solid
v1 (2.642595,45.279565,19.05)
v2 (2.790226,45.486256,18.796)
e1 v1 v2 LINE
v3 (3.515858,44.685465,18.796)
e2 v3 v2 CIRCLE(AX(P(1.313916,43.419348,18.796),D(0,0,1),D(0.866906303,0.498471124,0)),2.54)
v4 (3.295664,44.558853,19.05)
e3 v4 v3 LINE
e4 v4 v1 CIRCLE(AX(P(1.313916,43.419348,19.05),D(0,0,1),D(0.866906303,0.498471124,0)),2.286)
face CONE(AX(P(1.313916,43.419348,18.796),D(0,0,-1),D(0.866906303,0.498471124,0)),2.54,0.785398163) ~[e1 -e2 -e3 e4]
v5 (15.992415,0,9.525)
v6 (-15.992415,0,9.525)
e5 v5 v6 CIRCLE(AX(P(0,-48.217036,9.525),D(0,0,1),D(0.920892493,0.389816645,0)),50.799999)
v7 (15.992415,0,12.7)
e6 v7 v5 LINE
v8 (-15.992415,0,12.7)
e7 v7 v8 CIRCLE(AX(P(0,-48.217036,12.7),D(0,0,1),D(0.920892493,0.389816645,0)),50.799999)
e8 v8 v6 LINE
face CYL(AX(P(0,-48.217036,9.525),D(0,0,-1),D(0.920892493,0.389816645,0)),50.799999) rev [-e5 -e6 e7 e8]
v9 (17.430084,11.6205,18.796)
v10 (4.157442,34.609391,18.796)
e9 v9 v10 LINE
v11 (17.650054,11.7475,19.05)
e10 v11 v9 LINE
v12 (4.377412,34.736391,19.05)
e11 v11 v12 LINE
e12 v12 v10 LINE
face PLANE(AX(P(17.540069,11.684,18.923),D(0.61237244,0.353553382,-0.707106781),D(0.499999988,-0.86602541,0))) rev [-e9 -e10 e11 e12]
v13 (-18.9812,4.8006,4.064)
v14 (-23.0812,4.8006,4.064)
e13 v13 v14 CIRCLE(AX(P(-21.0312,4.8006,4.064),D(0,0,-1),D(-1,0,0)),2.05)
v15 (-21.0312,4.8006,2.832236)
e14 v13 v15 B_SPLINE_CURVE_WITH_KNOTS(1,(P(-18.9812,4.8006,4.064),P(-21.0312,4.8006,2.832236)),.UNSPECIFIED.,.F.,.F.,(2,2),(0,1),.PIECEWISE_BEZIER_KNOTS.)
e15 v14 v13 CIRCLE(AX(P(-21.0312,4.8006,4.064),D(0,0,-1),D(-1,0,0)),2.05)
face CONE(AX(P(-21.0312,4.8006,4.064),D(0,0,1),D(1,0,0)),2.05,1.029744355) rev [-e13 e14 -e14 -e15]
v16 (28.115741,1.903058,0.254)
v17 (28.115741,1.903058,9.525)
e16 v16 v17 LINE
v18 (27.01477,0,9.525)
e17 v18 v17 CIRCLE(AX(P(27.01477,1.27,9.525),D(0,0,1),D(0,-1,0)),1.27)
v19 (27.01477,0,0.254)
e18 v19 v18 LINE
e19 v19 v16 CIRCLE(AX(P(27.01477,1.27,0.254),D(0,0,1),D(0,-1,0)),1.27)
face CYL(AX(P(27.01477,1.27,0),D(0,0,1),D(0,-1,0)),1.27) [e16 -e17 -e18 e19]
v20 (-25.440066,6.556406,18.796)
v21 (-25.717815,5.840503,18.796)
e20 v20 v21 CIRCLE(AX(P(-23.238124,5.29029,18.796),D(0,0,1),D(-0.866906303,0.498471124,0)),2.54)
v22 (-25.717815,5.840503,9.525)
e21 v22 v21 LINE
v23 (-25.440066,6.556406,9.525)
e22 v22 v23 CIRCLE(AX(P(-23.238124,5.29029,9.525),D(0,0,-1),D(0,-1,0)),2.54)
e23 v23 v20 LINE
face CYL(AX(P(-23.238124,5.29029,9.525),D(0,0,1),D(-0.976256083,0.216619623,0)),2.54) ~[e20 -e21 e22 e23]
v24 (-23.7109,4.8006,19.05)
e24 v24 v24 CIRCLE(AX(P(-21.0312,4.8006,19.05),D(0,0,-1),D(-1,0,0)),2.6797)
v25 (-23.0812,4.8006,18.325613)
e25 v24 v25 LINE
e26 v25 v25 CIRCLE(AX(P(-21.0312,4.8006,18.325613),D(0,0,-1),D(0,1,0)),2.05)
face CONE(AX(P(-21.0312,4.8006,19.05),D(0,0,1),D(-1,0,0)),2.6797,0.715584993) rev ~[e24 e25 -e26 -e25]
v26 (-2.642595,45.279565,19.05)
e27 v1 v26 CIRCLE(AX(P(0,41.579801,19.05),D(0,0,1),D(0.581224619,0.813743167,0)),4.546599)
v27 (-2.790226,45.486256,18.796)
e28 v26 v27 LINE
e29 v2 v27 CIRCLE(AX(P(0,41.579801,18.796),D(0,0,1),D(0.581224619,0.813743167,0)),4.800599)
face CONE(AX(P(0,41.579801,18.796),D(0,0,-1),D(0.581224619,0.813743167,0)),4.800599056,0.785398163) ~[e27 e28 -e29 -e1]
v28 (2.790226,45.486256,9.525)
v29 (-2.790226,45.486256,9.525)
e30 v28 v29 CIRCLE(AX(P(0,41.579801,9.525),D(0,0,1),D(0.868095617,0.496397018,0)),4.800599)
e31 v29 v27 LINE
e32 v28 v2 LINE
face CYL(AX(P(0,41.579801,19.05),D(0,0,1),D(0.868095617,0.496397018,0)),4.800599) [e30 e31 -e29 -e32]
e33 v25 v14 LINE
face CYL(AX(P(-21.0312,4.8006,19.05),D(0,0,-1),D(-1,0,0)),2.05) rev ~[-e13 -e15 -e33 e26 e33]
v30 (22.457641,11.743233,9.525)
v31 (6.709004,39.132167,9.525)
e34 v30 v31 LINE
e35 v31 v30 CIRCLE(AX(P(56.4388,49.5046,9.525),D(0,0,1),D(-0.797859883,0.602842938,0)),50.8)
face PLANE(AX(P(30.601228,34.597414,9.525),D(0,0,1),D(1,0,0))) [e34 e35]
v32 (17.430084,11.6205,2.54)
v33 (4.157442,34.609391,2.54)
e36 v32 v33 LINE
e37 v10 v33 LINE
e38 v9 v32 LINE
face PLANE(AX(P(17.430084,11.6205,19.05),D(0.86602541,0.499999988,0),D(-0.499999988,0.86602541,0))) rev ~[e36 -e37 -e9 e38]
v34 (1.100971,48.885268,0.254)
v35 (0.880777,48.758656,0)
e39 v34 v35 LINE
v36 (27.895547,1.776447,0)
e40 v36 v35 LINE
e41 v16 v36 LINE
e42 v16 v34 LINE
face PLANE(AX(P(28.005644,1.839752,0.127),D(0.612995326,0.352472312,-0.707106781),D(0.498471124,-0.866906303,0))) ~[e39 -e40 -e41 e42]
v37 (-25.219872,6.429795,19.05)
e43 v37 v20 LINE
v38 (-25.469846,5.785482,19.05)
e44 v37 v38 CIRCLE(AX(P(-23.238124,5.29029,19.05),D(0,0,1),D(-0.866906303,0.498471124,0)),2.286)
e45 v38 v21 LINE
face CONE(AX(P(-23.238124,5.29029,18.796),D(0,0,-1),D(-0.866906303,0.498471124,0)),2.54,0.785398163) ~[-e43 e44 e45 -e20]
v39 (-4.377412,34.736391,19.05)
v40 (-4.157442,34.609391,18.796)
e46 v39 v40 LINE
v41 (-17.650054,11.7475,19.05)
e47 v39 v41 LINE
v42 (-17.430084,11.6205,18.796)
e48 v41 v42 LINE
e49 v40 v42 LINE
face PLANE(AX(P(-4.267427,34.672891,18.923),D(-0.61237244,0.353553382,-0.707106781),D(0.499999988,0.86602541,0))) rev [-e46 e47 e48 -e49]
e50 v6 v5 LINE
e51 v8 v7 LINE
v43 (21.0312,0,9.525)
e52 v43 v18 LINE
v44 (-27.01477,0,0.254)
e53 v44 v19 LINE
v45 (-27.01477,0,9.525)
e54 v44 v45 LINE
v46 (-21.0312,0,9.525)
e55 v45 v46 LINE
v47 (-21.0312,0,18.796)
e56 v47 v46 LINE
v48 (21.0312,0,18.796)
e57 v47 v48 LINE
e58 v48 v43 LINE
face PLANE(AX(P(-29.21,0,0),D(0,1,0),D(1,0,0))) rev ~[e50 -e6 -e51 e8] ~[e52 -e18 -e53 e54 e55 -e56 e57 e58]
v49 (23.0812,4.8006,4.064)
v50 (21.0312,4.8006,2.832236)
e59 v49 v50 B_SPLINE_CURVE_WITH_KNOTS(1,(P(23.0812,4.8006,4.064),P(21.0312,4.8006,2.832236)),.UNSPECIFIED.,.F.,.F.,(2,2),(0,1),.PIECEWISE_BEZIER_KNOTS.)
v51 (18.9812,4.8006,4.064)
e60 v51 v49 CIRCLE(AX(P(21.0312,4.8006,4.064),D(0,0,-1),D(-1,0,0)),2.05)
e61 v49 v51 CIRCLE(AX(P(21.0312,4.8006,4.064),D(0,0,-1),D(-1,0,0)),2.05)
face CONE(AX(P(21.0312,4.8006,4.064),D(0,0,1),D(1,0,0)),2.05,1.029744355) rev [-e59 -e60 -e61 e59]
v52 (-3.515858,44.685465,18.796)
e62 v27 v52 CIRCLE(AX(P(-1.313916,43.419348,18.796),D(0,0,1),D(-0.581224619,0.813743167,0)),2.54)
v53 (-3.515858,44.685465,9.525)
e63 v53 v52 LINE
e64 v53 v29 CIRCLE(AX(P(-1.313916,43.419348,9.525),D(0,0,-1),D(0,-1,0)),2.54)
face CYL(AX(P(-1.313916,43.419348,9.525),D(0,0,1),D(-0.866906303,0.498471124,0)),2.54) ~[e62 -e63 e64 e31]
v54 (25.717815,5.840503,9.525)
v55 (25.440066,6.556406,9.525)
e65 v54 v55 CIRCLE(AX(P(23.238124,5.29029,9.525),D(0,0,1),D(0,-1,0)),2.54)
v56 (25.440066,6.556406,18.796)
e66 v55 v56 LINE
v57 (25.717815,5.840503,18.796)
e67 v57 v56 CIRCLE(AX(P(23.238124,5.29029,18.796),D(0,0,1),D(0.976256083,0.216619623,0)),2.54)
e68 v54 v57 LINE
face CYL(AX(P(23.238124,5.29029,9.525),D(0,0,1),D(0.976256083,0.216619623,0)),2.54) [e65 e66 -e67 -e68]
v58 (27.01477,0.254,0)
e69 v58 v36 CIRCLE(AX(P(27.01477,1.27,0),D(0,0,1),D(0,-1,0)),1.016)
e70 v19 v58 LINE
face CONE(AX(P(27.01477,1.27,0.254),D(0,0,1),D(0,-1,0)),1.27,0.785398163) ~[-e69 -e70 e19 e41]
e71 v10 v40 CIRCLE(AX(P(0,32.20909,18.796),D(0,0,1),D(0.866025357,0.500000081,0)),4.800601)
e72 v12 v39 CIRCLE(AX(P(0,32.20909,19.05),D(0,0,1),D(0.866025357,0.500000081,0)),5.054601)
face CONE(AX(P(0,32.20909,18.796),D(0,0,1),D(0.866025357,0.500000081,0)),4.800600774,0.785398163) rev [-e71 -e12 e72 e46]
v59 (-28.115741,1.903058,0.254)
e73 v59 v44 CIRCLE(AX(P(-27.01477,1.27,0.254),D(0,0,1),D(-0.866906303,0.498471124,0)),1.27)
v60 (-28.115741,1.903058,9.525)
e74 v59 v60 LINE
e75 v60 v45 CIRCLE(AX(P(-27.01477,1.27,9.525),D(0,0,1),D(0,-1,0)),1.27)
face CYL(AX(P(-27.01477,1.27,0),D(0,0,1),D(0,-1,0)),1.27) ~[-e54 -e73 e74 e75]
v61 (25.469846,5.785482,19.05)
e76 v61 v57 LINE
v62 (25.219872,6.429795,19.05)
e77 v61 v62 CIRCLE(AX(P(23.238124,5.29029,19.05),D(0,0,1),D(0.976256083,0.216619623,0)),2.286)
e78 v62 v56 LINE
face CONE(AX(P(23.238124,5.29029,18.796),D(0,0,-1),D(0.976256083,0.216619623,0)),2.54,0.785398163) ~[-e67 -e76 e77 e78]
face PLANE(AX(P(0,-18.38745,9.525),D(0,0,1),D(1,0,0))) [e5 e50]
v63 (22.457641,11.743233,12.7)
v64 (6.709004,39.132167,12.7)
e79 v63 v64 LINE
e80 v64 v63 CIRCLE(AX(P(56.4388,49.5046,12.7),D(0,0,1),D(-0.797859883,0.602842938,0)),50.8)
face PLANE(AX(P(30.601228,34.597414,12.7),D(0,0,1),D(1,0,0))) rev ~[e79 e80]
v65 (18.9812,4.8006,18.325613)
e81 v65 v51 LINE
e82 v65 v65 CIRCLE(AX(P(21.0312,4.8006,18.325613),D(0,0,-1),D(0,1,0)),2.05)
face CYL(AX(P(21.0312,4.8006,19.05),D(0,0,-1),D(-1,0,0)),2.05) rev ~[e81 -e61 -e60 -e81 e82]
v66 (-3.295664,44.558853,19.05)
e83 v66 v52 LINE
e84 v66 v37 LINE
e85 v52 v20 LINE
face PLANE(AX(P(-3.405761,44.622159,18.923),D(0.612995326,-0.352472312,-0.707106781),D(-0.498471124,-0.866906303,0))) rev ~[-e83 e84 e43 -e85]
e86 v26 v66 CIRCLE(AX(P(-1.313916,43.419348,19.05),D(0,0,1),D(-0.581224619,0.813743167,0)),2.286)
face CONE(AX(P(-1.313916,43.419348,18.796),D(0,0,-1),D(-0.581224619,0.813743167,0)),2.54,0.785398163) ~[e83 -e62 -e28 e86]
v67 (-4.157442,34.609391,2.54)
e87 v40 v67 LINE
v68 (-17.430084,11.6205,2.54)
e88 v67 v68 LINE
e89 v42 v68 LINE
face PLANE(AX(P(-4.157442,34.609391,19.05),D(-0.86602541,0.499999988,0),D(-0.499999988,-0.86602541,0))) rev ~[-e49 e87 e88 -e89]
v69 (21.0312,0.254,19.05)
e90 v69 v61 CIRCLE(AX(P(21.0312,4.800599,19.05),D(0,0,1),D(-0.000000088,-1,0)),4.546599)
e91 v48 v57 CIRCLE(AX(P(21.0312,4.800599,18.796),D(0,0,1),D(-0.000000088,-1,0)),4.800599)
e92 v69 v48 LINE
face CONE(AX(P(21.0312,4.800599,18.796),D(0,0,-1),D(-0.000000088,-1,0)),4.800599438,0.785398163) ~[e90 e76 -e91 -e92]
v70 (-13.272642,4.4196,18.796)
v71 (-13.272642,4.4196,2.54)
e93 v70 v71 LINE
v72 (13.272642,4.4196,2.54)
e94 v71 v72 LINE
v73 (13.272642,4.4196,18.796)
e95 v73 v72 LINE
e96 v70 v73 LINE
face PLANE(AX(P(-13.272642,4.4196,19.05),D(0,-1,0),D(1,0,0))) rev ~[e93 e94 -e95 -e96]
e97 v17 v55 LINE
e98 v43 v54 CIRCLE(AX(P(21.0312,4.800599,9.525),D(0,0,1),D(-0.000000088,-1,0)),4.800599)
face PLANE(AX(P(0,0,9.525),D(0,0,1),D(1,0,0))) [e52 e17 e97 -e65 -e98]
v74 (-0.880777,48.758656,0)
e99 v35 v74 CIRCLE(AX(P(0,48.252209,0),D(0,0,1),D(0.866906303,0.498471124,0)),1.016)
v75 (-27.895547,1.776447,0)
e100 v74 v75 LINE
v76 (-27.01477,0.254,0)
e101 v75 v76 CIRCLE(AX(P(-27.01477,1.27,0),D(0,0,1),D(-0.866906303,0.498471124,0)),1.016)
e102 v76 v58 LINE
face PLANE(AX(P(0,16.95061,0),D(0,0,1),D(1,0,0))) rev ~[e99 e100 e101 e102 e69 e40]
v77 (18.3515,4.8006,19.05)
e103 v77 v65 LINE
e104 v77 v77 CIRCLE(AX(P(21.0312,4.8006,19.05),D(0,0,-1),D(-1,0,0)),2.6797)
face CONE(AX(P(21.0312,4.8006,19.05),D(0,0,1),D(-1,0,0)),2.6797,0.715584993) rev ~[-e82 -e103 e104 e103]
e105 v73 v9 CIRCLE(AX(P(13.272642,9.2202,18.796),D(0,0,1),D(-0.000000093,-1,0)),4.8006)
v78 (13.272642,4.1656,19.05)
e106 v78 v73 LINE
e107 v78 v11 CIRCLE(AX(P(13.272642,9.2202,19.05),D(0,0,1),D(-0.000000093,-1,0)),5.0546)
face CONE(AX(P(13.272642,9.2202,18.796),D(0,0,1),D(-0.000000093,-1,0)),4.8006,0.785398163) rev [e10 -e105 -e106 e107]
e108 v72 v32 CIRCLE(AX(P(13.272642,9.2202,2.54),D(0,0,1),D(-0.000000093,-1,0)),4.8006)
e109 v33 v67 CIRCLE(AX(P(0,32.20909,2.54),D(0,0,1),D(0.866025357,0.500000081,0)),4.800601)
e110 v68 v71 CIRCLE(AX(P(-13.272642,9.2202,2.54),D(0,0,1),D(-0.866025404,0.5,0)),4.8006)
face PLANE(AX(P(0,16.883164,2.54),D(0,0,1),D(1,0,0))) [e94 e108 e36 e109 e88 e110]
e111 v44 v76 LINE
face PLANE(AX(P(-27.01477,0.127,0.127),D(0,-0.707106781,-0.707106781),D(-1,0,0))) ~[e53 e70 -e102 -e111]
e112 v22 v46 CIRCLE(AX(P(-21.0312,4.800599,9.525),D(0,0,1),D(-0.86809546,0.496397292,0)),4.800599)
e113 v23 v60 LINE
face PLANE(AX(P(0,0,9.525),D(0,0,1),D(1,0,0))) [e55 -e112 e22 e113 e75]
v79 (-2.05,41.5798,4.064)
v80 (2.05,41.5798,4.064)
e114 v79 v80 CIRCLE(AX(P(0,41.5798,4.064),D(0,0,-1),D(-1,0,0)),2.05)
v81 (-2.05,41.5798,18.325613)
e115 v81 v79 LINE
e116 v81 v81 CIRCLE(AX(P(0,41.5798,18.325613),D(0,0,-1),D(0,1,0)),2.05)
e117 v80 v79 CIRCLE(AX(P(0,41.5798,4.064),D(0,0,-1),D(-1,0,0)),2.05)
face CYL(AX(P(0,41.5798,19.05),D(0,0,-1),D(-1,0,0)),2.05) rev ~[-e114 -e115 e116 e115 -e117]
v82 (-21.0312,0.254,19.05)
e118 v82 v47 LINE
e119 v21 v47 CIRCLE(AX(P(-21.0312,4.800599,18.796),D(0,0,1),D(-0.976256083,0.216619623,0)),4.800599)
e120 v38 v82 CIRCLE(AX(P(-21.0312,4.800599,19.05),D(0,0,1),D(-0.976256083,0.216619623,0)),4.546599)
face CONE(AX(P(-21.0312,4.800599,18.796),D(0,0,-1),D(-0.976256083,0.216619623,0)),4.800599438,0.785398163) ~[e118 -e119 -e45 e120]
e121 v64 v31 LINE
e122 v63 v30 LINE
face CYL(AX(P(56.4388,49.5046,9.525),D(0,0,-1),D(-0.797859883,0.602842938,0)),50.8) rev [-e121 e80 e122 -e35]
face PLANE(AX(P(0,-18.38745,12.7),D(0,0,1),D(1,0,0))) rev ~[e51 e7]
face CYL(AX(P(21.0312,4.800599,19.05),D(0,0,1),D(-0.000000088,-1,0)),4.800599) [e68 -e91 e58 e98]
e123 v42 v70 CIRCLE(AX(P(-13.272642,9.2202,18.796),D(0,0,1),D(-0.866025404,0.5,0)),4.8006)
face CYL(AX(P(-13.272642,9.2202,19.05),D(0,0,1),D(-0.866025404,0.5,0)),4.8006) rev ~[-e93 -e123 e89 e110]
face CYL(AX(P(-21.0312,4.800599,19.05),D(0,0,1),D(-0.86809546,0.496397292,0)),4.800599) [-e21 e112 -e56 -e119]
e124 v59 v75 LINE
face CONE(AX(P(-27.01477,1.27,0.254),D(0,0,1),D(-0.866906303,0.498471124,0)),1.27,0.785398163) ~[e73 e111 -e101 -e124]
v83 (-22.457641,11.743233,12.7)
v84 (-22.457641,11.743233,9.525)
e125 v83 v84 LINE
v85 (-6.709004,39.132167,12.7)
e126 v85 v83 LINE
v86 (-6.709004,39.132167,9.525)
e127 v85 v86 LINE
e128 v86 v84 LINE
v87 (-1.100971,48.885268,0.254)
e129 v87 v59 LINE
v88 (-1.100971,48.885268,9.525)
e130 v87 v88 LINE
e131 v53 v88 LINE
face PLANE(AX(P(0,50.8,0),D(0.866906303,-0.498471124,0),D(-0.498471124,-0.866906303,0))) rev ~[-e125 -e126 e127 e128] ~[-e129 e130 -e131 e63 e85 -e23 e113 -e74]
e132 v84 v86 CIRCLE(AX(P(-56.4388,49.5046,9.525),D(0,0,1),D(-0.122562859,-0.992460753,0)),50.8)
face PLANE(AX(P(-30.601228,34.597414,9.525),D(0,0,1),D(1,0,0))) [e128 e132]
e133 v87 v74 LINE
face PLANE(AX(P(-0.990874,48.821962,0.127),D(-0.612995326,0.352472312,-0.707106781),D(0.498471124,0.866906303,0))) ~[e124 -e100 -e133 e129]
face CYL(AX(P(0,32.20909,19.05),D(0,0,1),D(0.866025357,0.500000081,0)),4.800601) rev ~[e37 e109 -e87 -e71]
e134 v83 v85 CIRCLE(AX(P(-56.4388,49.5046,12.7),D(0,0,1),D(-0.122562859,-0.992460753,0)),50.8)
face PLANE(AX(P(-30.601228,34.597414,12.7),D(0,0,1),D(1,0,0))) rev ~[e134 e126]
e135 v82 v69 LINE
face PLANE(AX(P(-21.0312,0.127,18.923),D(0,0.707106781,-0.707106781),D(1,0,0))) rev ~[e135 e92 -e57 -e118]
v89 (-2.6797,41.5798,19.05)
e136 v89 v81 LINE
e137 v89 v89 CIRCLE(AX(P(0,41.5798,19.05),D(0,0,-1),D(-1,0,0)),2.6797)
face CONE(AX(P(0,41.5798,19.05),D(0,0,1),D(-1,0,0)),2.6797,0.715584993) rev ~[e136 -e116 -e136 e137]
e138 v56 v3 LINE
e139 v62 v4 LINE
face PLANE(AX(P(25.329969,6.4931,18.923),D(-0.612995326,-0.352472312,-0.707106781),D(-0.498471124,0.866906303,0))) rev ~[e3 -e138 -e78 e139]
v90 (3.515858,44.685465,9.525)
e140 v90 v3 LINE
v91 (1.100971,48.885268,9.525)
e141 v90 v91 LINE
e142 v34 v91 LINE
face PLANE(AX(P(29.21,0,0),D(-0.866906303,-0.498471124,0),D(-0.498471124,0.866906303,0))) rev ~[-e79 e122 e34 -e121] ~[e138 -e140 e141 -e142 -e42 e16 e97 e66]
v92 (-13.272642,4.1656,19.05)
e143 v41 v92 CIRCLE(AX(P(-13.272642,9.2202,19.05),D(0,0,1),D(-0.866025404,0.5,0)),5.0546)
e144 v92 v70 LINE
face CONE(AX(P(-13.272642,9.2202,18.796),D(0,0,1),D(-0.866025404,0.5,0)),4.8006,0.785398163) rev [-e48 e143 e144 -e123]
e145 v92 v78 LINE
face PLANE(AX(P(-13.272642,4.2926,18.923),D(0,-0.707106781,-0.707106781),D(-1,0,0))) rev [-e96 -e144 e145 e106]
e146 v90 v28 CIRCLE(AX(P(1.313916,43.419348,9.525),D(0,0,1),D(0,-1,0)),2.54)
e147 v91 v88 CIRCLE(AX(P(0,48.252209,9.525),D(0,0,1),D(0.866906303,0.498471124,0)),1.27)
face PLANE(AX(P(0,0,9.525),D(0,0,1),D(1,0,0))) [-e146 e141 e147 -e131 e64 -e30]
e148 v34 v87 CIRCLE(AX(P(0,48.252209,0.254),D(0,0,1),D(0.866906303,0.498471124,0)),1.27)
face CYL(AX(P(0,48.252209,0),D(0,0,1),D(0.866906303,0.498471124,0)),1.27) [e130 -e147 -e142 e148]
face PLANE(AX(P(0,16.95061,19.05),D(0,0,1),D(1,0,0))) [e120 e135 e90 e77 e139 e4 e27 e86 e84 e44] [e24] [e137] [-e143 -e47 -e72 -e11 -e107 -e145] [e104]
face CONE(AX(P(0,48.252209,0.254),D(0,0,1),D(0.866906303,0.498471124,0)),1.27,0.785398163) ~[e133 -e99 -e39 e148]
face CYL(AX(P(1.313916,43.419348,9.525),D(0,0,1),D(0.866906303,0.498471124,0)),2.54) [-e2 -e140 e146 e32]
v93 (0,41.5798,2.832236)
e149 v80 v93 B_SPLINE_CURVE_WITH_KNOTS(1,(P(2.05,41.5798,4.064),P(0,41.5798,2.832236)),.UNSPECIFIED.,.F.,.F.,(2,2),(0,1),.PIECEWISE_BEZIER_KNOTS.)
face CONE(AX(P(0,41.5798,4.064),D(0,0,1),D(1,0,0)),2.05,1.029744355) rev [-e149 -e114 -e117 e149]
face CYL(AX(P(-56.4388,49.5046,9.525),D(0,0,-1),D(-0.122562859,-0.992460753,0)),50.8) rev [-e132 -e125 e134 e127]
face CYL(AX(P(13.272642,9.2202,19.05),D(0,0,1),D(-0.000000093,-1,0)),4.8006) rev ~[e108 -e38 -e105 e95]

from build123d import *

# Parameters (mm, degrees)
PAD_DEPTH        = 19.05
FILLET_R         = 1.27
HOLE_D           = 4.1
HOLE_DEPTH       = 14.986
HOLE_CSINK_D     = 5.3594
HOLE_CSINK_ANGLE = 82
HOLE_TIPS_R      = 2.05
SKETCH002_R      = 63.5
POCKET_DEPTH     = 9.525
POCKET001_DEPTH  = 3.175
POCKET002_DEPTH  = 16.51
FILLET001_R      = 2.54
CHAMFER_SIZE     = 0.254


with BuildPart() as part:
    # Sketch → Pad (new body)
    with BuildSketch(Plane.XY):
        Polygon((-29.21, 0), (29.21, 0), (0, 50.8), align=None)
    extrude(amount=PAD_DEPTH)

    # Fillet
    fillet_edges = [part.edges().sort_by_distance(p)[0] for p in [
        (-29.21, 0, 9.525),
        (29.21, 0, 9.525),
        (0, 50.8, 9.525),
    ]]
    fillet(fillet_edges, radius=FILLET_R)

    # Hole
    with Locations(Plane.XY.offset(19.05)):
        with Locations((0, 41.5798), (21.0312, 4.8006), (-21.0312, 4.8006)):
            CounterSinkHole(HOLE_D / 2, HOLE_CSINK_D / 2, depth=HOLE_DEPTH, counter_sink_angle=HOLE_CSINK_ANGLE)

    # Hole tips → Hole tip 1 section 0
    with BuildSketch(Plane.XY.offset(4.064), mode=Mode.PRIVATE) as hole_tip_1_s0:
        with Locations((0, 41.5798)):
            Circle(HOLE_TIPS_R)
    loft([hole_tip_1_s0.sketch, Vertex(0, 41.5798, 2.832236)], mode=Mode.SUBTRACT)

    # Hole tips → Hole tip 2 section 0
    with BuildSketch(Plane.XY.offset(4.064), mode=Mode.PRIVATE) as hole_tip_2_s0:
        with Locations((21.0312, 4.8006)):
            Circle(HOLE_TIPS_R)
    loft([hole_tip_2_s0.sketch, Vertex(21.0312, 4.8006, 2.832236)], mode=Mode.SUBTRACT)

    # Hole tips → Hole tip 3 section 0
    with BuildSketch(Plane.XY.offset(4.064), mode=Mode.PRIVATE) as hole_tip_3_s0:
        with Locations((-21.0312, 4.8006)):
            Circle(HOLE_TIPS_R)
    loft([hole_tip_3_s0.sketch, Vertex(-21.0312, 4.8006, 2.832236)], mode=Mode.SUBTRACT)

    # Sketch002 (on Face5 of Hole) → Pocket (cut)
    with BuildSketch(Plane.XY.offset(19.05)):
        Circle(SKETCH002_R)
        with BuildLine():
            Line((-25.198579, 7.183604), (-4.167379, 43.962804))
            ThreePointArc((4.167379, 43.962804), (0, 46.3804), (-4.167379, 43.962804))
            Line((4.167379, 43.962804), (25.198579, 7.183604))
            ThreePointArc((21.0312, 0), (25.183646, 2.391668), (25.198579, 7.183604))
            Line((21.0312, 0), (-21.0312, 0))
            ThreePointArc((-25.198579, 7.183604), (-25.183646, 2.391668), (-21.0312, 0))
        make_face(mode=Mode.SUBTRACT)
    extrude(amount=-POCKET_DEPTH, mode=Mode.SUBTRACT)

    # Sketch003 (on Face13 of Pocket) → Pocket001 (cut)
    with BuildSketch(Plane.XY.offset(9.525)):
        with BuildLine():
            ThreePointArc((-62.664993, -0.912406), (-12.437232, 24.117556), (-15.907518, 80.129021))
            Line((-15.907518, 80.129021), (-62.664993, -0.912406))
        make_face()
        with BuildLine():
            ThreePointArc((15.907518, 80.129021), (12.437232, 24.117556), (62.664993, -0.912406))
            Line((15.907518, 80.129021), (62.664993, -0.912406))
        make_face()
        with BuildLine():
            ThreePointArc((46.781338, -28.414351), (0, 2.582963), (-46.781338, -28.414351))
            Line((46.781338, -28.414351), (-46.781338, -28.414351))
        make_face()
    extrude(amount=POCKET001_DEPTH, mode=Mode.SUBTRACT)

    # Sketch004 (on Face6 of Pocket001) → Pocket002 (cut)
    with BuildSketch(Plane.XY.offset(19.05)):
        with BuildLine():
            Line((-13.272642, 4.4196), (13.272642, 4.4196))
            ThreePointArc((13.272642, 4.4196), (17.430084, 6.8199), (17.430084, 11.6205))
            Line((17.430084, 11.6205), (4.157442, 34.609391))
            ThreePointArc((4.157442, 34.609391), (0, 37.009691), (-4.157442, 34.609391))
            Line((-4.157442, 34.609391), (-17.430084, 11.6205))
            ThreePointArc((-17.430084, 11.6205), (-17.430084, 6.8199), (-13.272642, 4.4196))
        make_face()
    extrude(amount=-POCKET002_DEPTH, mode=Mode.SUBTRACT)

    # Fillet001
    fillet001_edges = [part.edges().sort_by_distance(p)[0] for p in [
        (-3.293151, 45.072781, 14.2875),
        (3.293151, 45.072781, 14.2875),
        (25.597076, 6.283346, 14.2875),
        (-25.597076, 6.283346, 14.2875),
    ]]
    fillet(fillet001_edges, radius=FILLET001_R)

    # Chamfer
    chamfer_edges = [part.edges().sort_by_distance(p)[0] for p in [
        (-10.793763, 23.114945, 19.05),
        (-14.477962, 25.620935, 19.05),
        (0, 0, 0),
    ]]
    chamfer(chamfer_edges, length=CHAMFER_SIZE)


solid = part.part
